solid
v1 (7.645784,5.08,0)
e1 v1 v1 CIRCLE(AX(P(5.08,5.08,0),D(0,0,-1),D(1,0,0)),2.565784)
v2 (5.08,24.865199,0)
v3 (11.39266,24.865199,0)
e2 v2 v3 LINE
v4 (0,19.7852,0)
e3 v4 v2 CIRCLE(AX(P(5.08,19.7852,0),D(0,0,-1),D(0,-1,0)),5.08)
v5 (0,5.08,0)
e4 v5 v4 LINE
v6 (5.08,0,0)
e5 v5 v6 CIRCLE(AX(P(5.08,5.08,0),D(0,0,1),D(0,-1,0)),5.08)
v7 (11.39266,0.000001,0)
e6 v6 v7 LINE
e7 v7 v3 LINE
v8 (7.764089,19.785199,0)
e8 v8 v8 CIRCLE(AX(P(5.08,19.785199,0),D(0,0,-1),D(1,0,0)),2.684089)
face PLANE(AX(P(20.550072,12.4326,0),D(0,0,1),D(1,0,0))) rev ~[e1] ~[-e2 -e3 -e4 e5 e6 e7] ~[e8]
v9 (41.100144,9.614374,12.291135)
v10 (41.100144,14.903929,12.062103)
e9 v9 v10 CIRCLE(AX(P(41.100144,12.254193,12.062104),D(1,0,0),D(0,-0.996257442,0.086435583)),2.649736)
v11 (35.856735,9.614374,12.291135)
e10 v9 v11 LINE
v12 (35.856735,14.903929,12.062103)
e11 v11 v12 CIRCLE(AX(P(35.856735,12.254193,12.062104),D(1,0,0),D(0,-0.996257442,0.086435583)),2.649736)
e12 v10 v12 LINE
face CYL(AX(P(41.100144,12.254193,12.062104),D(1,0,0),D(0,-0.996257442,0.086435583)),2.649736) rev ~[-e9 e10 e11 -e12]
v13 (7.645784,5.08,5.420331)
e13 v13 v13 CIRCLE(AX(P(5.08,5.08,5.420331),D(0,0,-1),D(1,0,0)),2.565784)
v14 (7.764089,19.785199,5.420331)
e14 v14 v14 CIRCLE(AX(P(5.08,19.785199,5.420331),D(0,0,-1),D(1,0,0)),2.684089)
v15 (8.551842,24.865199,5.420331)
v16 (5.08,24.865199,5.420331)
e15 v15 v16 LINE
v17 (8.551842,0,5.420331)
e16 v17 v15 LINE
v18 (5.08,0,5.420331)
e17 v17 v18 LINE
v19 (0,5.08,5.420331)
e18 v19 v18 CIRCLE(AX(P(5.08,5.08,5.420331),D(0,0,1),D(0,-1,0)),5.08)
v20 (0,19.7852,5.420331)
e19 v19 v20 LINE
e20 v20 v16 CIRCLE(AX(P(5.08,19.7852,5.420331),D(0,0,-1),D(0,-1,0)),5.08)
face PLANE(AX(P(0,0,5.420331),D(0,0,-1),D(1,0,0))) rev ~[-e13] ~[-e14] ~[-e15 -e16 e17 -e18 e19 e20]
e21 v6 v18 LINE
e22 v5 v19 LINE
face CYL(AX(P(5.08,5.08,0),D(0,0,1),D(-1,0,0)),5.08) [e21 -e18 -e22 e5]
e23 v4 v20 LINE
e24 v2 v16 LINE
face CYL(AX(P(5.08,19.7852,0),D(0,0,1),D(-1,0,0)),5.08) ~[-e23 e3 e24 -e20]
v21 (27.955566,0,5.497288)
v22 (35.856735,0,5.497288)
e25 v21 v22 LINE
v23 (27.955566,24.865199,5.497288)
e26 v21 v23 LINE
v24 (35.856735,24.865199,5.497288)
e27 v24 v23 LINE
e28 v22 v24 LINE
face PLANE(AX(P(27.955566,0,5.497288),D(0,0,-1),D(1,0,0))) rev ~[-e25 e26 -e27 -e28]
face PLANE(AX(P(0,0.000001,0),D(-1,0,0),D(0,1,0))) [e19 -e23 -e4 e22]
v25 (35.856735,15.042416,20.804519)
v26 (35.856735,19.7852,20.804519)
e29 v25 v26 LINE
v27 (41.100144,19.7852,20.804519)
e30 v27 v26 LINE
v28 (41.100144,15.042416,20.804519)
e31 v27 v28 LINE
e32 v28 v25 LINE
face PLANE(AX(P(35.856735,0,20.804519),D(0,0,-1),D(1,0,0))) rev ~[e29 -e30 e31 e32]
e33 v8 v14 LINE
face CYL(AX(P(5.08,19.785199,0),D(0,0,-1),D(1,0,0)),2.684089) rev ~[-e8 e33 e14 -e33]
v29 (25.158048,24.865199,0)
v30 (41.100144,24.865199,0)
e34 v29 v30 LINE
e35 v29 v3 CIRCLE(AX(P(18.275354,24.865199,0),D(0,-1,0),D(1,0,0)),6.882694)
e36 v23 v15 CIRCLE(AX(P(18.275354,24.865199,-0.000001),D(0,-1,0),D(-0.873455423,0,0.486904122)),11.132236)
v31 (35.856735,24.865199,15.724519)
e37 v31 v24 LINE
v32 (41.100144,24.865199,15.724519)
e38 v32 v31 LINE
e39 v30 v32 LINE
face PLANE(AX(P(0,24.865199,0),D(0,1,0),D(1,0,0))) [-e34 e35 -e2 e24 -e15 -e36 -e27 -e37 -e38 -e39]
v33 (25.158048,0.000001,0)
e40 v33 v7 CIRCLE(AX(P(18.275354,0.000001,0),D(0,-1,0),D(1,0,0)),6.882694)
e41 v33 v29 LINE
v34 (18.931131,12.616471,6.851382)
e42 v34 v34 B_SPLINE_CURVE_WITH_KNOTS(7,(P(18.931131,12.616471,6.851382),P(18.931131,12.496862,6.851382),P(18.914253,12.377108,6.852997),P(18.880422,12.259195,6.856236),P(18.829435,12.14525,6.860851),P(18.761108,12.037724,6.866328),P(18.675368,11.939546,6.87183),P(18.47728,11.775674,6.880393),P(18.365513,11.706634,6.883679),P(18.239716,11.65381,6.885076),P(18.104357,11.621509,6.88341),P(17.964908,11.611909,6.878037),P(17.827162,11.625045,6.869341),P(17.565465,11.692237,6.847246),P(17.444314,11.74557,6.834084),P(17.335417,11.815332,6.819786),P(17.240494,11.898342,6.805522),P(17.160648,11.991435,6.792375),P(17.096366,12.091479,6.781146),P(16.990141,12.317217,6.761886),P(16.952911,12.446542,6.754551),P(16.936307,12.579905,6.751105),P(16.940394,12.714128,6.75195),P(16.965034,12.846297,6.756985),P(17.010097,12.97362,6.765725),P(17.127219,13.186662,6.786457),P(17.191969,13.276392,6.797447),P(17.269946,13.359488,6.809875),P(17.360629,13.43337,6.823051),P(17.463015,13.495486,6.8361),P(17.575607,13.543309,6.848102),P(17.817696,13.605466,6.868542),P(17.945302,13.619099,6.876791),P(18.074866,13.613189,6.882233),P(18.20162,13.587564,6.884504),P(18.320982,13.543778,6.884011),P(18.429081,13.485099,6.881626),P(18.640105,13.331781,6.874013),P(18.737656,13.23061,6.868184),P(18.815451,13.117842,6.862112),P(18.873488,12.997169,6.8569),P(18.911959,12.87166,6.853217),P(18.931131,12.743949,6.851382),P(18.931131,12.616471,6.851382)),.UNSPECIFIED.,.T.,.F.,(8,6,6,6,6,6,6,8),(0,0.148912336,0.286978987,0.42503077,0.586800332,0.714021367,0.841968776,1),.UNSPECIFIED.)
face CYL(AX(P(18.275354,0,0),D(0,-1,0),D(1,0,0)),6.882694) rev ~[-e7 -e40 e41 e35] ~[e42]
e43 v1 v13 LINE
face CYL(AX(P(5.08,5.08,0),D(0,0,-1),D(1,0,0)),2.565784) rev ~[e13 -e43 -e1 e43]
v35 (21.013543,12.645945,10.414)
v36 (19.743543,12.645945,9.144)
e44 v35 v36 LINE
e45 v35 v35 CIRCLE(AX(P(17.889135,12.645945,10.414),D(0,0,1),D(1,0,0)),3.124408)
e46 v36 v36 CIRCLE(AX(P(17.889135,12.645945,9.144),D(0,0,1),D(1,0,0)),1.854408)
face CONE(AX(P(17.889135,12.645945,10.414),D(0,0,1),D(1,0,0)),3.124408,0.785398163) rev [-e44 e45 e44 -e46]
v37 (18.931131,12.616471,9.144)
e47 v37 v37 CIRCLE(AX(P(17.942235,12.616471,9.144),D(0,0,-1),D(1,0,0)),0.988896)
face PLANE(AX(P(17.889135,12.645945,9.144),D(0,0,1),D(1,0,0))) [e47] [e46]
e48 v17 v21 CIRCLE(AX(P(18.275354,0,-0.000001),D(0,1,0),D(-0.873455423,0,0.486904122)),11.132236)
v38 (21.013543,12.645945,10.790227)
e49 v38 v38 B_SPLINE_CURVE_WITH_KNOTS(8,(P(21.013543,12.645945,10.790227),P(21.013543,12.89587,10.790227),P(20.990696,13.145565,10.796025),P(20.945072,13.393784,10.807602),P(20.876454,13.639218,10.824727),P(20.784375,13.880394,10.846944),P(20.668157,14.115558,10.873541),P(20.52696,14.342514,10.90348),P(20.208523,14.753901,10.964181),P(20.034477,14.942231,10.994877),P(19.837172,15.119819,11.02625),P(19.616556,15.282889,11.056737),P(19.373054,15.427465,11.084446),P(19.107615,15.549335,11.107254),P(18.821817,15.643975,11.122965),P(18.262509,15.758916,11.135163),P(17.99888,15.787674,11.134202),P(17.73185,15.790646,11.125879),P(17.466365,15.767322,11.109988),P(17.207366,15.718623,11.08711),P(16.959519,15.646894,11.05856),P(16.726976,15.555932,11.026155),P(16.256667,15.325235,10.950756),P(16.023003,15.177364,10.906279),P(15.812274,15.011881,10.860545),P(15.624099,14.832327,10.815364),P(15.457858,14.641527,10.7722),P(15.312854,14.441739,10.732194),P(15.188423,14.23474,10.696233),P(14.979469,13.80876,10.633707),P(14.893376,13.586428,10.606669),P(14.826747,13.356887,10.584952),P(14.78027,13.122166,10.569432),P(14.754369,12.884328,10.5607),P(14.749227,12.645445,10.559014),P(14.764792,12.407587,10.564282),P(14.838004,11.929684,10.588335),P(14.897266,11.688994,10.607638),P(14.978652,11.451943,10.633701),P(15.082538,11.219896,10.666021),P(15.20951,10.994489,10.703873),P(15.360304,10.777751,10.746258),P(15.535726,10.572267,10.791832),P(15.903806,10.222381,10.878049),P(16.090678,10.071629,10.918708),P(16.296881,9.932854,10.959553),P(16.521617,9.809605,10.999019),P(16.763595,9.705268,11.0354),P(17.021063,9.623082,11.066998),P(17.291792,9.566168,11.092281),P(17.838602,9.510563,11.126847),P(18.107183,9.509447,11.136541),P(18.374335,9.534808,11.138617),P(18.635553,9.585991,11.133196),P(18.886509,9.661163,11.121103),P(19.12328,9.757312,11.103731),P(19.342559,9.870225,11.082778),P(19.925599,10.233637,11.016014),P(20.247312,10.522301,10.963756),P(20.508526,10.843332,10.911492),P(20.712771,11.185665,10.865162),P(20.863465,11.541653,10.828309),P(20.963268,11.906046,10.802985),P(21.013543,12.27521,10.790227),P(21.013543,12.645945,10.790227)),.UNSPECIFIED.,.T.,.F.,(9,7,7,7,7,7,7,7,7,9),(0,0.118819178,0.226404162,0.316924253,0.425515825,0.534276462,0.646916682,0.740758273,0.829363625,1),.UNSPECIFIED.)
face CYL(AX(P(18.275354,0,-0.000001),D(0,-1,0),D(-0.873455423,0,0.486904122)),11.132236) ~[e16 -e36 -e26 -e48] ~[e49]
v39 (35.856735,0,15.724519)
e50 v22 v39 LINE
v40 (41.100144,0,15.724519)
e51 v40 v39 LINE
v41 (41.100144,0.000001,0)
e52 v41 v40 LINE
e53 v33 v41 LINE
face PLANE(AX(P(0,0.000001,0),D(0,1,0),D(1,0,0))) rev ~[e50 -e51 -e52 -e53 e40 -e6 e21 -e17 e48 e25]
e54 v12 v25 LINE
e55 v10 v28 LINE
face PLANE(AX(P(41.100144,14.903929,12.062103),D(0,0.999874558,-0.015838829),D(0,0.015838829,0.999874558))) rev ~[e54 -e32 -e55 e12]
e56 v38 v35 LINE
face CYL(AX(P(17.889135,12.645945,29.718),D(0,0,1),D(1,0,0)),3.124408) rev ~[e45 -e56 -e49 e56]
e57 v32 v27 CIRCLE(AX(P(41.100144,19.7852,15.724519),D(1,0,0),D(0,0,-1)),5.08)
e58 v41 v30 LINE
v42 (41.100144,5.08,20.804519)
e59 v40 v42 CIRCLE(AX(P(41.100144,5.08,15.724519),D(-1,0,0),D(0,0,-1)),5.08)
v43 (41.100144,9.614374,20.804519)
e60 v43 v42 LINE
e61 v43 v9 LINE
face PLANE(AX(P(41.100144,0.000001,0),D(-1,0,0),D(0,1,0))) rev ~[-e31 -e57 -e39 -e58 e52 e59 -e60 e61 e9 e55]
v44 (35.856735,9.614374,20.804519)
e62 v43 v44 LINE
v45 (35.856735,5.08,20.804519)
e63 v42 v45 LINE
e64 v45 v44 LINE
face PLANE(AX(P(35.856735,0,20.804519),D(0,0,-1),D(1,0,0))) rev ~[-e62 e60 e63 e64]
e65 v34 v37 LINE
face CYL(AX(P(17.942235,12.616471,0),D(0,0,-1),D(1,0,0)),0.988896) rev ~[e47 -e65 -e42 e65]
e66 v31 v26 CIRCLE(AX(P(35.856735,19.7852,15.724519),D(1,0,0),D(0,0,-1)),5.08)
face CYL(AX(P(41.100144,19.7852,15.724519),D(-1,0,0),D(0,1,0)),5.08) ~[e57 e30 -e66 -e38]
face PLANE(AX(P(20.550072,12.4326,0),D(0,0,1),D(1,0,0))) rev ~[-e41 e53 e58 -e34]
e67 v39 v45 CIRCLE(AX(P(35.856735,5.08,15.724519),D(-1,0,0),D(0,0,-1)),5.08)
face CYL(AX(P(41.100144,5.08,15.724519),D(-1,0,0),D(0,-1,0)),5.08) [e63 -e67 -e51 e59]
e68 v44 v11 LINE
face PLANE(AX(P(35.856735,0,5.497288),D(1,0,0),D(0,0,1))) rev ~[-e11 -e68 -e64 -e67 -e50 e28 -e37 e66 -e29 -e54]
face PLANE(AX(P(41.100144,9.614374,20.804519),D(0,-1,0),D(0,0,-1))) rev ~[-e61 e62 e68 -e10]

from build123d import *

# Parameters (mm, degrees)
F0_W      = 41.100144
F0_H      = 24.865199
F1_DEPTH  = 26.924
F3_DEPTH  = 33.02
F5_DEPTH  = 9.906
F6_R      = 5.08
F7_R      = 2.565784
F7_R_2    = 2.684089
F7_R_3    = 0.988896
F8_DEPTH  = 25.4
F10_R     = 3.124408
F11_DEPTH = 20.574
F12_SIZE  = 1.27


with BuildPart() as f1:
    # F0 (on Top) → F1 (new body)
    with BuildSketch(Plane.XY):
        with Locations((20.550072, 12.4326)):
            Rectangle(F0_W, F0_H)
    extrude(amount=F1_DEPTH)

    # F2 (on Front) → F3 (cut)
    with BuildSketch(Plane.XZ):
        with BuildLine():
            Line((11.39266, 0), (25.158048, 0))
            ThreePointArc((25.158048, 0), (18.275354, 6.882694), (11.39266, 0))
        make_face()
        with BuildLine():
            ThreePointArc((8.551842, 5.420331), (18.231203, 11.132148), (27.955566, 5.497288))
            Line((27.955566, 5.497288), (35.856735, 5.497288))
            Line((35.856735, 5.497288), (35.856735, 20.804519))
            Line((35.856735, 20.804519), (43.18231, 20.804519))
            Line((43.18231, 20.804519), (42.240448, 32.735568))
            Line((42.240448, 32.735568), (-4.643232, 32.735568))
            Line((-4.643232, 32.735568), (0, 5.420331))
            Line((0, 5.420331), (8.551842, 5.420331))
        make_face()
    extrude(amount=-F3_DEPTH, mode=Mode.SUBTRACT)

    # F4 (on face) → F5 (cut)
    with BuildSketch(Plane.YZ.offset(41.100144)):
        with BuildLine():
            Line((9.614374, 20.804519), (9.614374, 12.291135))
            ThreePointArc((9.614374, 12.291135), (12.13957, 9.414848), (14.903929, 12.062103))
            Line((14.903929, 12.062103), (15.042416, 20.804519))
            Line((15.042416, 20.804519), (9.614374, 20.804519))
        make_face()
    extrude(amount=-F5_DEPTH, mode=Mode.SUBTRACT)

    # F6
    f6_edges = [f1.edges().sort_by_distance(p)[0] for p in [
        (38.47844, 0, 20.804519),
        (38.47844, 24.865199, 20.804519),
        (0, 24.865199, 2.710165),
        (0, 0, 2.710165),
    ]]
    fillet(f6_edges, radius=F6_R)

    # F7 (on face) → F8 (cut)
    with BuildSketch(Plane(origin=(0, 0, 0), x_dir=(1, 0, 0), z_dir=(0, 0, -1))):
        with Locations((5.08, -5.08)):
            Circle(F7_R)
        with Locations((5.08, -19.785199)):
            Circle(F7_R_2)
        with Locations((17.942235, -12.616471)):
            Circle(F7_R_3)
    extrude(amount=-F8_DEPTH, mode=Mode.SUBTRACT)

    # F10 (on offset) → F11 (cut)
    with BuildSketch(Plane.XY.offset(29.718)):
        with Locations((17.889135, 12.645945)):
            Circle(F10_R)
    extrude(amount=-F11_DEPTH, mode=Mode.SUBTRACT)

    # F12
    f12_edges = [f1.edges().sort_by_distance(p)[0] for p in [
        (14.764727, 12.645945, 9.144),
    ]]
    chamfer(f12_edges, length=F12_SIZE)


solid = f1.part
